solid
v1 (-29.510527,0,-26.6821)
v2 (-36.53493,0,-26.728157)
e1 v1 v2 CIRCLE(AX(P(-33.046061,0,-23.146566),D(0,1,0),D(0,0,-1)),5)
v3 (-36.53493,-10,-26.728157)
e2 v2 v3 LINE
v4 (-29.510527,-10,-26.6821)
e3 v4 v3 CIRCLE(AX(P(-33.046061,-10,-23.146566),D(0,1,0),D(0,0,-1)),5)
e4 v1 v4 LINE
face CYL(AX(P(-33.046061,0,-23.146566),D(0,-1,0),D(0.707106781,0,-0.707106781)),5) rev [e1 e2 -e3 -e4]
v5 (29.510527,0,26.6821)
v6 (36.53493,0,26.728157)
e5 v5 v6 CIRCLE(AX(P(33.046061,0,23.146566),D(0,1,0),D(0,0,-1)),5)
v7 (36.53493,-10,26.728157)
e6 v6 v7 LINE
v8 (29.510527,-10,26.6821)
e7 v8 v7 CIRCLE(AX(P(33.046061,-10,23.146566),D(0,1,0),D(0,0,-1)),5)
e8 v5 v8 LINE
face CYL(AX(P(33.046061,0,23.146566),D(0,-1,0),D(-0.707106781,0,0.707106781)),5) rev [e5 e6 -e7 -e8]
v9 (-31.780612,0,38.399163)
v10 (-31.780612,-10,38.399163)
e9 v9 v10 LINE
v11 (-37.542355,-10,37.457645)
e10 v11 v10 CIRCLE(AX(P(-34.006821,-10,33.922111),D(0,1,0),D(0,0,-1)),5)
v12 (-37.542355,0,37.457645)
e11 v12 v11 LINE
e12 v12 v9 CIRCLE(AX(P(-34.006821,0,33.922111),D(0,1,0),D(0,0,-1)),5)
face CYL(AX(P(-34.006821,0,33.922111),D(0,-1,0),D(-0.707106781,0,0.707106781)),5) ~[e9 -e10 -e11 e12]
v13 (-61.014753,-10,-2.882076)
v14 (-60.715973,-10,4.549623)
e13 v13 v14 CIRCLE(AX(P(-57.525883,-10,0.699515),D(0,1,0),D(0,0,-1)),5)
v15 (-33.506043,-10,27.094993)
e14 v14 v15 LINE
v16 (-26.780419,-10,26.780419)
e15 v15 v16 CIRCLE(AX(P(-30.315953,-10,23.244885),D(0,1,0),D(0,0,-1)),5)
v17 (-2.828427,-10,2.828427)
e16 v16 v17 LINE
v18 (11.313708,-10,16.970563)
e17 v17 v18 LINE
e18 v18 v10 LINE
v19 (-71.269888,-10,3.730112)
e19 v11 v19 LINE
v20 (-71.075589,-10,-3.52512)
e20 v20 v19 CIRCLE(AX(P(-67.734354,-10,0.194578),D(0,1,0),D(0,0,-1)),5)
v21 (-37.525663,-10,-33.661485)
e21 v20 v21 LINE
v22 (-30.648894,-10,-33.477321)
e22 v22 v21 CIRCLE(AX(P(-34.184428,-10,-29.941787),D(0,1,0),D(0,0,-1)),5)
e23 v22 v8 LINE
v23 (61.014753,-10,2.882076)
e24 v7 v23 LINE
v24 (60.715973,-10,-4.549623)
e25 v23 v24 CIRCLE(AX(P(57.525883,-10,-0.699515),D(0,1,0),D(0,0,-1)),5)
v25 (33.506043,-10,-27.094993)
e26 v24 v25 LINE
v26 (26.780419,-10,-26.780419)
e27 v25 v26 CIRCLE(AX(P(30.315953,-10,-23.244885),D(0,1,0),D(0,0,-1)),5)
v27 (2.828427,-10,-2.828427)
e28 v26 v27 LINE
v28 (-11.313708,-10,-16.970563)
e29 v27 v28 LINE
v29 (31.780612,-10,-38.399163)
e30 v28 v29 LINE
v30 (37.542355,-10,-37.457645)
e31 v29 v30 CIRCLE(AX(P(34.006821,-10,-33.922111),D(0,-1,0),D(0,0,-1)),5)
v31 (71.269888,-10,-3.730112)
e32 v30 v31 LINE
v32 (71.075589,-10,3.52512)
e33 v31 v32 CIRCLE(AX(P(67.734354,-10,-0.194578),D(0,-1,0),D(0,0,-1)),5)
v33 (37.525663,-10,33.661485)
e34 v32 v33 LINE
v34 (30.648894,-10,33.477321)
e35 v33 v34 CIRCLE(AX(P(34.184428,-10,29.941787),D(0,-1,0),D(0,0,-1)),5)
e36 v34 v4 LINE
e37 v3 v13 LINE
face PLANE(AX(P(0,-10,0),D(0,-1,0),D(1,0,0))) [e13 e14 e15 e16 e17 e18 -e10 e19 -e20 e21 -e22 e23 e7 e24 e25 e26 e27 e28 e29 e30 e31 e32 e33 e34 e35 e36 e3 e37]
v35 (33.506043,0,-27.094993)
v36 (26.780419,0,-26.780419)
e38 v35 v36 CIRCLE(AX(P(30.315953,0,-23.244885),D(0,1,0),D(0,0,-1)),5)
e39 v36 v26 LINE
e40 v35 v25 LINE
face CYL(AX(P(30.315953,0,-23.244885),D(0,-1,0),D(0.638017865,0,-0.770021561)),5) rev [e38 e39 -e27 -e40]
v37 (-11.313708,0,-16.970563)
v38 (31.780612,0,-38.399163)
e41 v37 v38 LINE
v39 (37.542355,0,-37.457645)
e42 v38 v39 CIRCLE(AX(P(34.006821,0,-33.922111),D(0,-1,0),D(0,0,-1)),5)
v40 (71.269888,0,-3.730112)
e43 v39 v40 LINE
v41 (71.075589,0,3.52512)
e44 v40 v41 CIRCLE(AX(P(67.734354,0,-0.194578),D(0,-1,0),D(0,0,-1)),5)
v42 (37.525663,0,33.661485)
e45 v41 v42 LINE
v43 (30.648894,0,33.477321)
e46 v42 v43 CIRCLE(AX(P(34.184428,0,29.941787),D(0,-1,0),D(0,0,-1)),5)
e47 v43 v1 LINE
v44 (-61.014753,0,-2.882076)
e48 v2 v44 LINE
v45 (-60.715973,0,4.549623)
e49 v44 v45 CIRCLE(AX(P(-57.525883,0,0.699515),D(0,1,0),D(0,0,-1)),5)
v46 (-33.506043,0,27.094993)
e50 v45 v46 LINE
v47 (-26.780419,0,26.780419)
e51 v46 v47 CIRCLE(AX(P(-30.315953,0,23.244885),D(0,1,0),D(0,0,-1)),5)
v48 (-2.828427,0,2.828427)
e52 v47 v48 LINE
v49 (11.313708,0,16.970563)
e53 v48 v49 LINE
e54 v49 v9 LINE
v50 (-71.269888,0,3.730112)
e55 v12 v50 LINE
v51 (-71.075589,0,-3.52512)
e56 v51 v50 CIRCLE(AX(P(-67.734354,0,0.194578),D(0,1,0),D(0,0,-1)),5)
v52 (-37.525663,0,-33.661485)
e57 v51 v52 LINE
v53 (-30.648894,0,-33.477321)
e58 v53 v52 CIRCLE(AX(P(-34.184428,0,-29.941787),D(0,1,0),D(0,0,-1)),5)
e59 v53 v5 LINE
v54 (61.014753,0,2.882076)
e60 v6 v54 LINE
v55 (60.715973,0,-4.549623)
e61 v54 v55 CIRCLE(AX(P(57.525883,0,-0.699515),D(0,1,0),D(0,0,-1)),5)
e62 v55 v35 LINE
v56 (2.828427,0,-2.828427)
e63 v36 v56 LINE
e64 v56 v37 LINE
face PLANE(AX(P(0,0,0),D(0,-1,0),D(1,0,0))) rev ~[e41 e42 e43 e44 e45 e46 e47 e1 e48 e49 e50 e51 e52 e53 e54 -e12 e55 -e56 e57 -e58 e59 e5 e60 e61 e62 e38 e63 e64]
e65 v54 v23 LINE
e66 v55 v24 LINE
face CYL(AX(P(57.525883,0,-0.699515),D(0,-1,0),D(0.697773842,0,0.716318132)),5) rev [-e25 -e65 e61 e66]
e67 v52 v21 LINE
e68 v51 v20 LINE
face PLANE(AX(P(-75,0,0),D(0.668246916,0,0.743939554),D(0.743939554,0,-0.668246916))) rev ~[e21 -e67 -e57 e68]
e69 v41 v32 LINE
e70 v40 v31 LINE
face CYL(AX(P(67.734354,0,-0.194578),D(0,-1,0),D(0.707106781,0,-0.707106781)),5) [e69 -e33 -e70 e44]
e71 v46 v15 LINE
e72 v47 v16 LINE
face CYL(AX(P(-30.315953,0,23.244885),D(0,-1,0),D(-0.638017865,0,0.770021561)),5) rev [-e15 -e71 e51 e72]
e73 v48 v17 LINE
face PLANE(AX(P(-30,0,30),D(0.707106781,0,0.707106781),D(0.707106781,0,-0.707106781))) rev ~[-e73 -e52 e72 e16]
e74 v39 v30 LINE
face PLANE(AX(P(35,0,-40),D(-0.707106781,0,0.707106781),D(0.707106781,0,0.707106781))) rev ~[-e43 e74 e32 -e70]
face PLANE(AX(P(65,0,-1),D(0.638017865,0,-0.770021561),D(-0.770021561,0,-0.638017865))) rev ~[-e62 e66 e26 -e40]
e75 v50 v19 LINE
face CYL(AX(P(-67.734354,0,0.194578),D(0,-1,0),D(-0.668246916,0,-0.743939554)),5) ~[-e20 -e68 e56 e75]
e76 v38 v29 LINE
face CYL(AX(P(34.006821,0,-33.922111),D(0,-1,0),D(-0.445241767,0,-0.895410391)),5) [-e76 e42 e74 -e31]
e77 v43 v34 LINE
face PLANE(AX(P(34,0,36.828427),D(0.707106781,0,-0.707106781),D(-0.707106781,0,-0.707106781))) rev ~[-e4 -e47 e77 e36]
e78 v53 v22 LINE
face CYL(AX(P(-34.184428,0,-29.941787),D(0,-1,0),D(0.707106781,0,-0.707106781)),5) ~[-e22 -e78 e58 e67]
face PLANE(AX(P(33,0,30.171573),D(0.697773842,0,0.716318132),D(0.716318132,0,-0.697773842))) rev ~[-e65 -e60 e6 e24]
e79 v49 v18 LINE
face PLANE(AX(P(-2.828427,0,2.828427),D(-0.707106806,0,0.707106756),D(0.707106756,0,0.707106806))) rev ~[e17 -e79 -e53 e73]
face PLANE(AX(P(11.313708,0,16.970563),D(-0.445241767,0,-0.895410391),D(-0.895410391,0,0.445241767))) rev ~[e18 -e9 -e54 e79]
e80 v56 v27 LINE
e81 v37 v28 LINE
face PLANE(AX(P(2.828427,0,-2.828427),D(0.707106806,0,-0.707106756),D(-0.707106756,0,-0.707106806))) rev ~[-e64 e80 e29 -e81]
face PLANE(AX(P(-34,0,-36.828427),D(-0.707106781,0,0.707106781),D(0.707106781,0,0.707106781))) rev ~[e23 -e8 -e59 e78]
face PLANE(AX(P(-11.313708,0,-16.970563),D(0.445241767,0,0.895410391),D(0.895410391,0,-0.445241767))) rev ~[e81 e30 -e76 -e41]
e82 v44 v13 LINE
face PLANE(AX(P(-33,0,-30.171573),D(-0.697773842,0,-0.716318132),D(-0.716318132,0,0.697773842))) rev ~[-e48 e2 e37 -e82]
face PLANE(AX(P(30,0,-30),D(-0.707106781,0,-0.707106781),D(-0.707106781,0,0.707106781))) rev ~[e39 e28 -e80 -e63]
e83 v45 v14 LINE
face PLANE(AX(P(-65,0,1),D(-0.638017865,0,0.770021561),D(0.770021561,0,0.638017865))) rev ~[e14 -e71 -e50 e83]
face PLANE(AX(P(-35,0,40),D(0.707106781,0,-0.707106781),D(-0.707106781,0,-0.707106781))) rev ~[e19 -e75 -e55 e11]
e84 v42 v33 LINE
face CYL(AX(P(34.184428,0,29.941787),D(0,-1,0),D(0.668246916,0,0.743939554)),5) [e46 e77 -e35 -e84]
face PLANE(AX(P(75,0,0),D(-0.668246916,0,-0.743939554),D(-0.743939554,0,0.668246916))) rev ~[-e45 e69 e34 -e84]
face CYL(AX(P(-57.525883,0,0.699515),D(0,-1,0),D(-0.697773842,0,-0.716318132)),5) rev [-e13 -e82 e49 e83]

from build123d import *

# Parameters (mm, degrees)
F1_DEPTH = 10
F2_R     = 5
F3_R     = 5


with BuildPart() as f1:
    # F0 (on Front) → F1 (new body)
    with BuildSketch(Plane.XZ):
        Polygon((-75, 0), (-34, -36.828427), (33, 30.171573), (65, -1), (30, -30), (2.828427, -2.828427), (-11.313708, -16.970563), (35, -40), (75, 0), (34, 36.828427), (-33, -30.171573), (-65, 1), (-30, 30), (-2.828427, 2.828427), (11.313708, 16.970563), (-35, 40), align=None)
    extrude(amount=F1_DEPTH)

    # F2
    f2_edges = [f1.edges().sort_by_distance(p)[0] for p in [
        (-30, -5, 30),
        (-65, -5, 1),
        (-33, -5, -30.171573),
        (33, -5, 30.171573),
        (65, -5, -1),
        (30, -5, -30),
    ]]
    fillet(f2_edges, radius=F2_R)

    # F3
    f3_edges = [f1.edges().sort_by_distance(p)[0] for p in [
        (-35, -5, 40),
        (-75, -5, 0),
        (-34, -5, -36.828427),
        (35, -5, -40),
        (75, -5, 0),
        (34, -5, 36.828427),
    ]]
    fillet(f3_edges, radius=F3_R)


solid = f1.part
